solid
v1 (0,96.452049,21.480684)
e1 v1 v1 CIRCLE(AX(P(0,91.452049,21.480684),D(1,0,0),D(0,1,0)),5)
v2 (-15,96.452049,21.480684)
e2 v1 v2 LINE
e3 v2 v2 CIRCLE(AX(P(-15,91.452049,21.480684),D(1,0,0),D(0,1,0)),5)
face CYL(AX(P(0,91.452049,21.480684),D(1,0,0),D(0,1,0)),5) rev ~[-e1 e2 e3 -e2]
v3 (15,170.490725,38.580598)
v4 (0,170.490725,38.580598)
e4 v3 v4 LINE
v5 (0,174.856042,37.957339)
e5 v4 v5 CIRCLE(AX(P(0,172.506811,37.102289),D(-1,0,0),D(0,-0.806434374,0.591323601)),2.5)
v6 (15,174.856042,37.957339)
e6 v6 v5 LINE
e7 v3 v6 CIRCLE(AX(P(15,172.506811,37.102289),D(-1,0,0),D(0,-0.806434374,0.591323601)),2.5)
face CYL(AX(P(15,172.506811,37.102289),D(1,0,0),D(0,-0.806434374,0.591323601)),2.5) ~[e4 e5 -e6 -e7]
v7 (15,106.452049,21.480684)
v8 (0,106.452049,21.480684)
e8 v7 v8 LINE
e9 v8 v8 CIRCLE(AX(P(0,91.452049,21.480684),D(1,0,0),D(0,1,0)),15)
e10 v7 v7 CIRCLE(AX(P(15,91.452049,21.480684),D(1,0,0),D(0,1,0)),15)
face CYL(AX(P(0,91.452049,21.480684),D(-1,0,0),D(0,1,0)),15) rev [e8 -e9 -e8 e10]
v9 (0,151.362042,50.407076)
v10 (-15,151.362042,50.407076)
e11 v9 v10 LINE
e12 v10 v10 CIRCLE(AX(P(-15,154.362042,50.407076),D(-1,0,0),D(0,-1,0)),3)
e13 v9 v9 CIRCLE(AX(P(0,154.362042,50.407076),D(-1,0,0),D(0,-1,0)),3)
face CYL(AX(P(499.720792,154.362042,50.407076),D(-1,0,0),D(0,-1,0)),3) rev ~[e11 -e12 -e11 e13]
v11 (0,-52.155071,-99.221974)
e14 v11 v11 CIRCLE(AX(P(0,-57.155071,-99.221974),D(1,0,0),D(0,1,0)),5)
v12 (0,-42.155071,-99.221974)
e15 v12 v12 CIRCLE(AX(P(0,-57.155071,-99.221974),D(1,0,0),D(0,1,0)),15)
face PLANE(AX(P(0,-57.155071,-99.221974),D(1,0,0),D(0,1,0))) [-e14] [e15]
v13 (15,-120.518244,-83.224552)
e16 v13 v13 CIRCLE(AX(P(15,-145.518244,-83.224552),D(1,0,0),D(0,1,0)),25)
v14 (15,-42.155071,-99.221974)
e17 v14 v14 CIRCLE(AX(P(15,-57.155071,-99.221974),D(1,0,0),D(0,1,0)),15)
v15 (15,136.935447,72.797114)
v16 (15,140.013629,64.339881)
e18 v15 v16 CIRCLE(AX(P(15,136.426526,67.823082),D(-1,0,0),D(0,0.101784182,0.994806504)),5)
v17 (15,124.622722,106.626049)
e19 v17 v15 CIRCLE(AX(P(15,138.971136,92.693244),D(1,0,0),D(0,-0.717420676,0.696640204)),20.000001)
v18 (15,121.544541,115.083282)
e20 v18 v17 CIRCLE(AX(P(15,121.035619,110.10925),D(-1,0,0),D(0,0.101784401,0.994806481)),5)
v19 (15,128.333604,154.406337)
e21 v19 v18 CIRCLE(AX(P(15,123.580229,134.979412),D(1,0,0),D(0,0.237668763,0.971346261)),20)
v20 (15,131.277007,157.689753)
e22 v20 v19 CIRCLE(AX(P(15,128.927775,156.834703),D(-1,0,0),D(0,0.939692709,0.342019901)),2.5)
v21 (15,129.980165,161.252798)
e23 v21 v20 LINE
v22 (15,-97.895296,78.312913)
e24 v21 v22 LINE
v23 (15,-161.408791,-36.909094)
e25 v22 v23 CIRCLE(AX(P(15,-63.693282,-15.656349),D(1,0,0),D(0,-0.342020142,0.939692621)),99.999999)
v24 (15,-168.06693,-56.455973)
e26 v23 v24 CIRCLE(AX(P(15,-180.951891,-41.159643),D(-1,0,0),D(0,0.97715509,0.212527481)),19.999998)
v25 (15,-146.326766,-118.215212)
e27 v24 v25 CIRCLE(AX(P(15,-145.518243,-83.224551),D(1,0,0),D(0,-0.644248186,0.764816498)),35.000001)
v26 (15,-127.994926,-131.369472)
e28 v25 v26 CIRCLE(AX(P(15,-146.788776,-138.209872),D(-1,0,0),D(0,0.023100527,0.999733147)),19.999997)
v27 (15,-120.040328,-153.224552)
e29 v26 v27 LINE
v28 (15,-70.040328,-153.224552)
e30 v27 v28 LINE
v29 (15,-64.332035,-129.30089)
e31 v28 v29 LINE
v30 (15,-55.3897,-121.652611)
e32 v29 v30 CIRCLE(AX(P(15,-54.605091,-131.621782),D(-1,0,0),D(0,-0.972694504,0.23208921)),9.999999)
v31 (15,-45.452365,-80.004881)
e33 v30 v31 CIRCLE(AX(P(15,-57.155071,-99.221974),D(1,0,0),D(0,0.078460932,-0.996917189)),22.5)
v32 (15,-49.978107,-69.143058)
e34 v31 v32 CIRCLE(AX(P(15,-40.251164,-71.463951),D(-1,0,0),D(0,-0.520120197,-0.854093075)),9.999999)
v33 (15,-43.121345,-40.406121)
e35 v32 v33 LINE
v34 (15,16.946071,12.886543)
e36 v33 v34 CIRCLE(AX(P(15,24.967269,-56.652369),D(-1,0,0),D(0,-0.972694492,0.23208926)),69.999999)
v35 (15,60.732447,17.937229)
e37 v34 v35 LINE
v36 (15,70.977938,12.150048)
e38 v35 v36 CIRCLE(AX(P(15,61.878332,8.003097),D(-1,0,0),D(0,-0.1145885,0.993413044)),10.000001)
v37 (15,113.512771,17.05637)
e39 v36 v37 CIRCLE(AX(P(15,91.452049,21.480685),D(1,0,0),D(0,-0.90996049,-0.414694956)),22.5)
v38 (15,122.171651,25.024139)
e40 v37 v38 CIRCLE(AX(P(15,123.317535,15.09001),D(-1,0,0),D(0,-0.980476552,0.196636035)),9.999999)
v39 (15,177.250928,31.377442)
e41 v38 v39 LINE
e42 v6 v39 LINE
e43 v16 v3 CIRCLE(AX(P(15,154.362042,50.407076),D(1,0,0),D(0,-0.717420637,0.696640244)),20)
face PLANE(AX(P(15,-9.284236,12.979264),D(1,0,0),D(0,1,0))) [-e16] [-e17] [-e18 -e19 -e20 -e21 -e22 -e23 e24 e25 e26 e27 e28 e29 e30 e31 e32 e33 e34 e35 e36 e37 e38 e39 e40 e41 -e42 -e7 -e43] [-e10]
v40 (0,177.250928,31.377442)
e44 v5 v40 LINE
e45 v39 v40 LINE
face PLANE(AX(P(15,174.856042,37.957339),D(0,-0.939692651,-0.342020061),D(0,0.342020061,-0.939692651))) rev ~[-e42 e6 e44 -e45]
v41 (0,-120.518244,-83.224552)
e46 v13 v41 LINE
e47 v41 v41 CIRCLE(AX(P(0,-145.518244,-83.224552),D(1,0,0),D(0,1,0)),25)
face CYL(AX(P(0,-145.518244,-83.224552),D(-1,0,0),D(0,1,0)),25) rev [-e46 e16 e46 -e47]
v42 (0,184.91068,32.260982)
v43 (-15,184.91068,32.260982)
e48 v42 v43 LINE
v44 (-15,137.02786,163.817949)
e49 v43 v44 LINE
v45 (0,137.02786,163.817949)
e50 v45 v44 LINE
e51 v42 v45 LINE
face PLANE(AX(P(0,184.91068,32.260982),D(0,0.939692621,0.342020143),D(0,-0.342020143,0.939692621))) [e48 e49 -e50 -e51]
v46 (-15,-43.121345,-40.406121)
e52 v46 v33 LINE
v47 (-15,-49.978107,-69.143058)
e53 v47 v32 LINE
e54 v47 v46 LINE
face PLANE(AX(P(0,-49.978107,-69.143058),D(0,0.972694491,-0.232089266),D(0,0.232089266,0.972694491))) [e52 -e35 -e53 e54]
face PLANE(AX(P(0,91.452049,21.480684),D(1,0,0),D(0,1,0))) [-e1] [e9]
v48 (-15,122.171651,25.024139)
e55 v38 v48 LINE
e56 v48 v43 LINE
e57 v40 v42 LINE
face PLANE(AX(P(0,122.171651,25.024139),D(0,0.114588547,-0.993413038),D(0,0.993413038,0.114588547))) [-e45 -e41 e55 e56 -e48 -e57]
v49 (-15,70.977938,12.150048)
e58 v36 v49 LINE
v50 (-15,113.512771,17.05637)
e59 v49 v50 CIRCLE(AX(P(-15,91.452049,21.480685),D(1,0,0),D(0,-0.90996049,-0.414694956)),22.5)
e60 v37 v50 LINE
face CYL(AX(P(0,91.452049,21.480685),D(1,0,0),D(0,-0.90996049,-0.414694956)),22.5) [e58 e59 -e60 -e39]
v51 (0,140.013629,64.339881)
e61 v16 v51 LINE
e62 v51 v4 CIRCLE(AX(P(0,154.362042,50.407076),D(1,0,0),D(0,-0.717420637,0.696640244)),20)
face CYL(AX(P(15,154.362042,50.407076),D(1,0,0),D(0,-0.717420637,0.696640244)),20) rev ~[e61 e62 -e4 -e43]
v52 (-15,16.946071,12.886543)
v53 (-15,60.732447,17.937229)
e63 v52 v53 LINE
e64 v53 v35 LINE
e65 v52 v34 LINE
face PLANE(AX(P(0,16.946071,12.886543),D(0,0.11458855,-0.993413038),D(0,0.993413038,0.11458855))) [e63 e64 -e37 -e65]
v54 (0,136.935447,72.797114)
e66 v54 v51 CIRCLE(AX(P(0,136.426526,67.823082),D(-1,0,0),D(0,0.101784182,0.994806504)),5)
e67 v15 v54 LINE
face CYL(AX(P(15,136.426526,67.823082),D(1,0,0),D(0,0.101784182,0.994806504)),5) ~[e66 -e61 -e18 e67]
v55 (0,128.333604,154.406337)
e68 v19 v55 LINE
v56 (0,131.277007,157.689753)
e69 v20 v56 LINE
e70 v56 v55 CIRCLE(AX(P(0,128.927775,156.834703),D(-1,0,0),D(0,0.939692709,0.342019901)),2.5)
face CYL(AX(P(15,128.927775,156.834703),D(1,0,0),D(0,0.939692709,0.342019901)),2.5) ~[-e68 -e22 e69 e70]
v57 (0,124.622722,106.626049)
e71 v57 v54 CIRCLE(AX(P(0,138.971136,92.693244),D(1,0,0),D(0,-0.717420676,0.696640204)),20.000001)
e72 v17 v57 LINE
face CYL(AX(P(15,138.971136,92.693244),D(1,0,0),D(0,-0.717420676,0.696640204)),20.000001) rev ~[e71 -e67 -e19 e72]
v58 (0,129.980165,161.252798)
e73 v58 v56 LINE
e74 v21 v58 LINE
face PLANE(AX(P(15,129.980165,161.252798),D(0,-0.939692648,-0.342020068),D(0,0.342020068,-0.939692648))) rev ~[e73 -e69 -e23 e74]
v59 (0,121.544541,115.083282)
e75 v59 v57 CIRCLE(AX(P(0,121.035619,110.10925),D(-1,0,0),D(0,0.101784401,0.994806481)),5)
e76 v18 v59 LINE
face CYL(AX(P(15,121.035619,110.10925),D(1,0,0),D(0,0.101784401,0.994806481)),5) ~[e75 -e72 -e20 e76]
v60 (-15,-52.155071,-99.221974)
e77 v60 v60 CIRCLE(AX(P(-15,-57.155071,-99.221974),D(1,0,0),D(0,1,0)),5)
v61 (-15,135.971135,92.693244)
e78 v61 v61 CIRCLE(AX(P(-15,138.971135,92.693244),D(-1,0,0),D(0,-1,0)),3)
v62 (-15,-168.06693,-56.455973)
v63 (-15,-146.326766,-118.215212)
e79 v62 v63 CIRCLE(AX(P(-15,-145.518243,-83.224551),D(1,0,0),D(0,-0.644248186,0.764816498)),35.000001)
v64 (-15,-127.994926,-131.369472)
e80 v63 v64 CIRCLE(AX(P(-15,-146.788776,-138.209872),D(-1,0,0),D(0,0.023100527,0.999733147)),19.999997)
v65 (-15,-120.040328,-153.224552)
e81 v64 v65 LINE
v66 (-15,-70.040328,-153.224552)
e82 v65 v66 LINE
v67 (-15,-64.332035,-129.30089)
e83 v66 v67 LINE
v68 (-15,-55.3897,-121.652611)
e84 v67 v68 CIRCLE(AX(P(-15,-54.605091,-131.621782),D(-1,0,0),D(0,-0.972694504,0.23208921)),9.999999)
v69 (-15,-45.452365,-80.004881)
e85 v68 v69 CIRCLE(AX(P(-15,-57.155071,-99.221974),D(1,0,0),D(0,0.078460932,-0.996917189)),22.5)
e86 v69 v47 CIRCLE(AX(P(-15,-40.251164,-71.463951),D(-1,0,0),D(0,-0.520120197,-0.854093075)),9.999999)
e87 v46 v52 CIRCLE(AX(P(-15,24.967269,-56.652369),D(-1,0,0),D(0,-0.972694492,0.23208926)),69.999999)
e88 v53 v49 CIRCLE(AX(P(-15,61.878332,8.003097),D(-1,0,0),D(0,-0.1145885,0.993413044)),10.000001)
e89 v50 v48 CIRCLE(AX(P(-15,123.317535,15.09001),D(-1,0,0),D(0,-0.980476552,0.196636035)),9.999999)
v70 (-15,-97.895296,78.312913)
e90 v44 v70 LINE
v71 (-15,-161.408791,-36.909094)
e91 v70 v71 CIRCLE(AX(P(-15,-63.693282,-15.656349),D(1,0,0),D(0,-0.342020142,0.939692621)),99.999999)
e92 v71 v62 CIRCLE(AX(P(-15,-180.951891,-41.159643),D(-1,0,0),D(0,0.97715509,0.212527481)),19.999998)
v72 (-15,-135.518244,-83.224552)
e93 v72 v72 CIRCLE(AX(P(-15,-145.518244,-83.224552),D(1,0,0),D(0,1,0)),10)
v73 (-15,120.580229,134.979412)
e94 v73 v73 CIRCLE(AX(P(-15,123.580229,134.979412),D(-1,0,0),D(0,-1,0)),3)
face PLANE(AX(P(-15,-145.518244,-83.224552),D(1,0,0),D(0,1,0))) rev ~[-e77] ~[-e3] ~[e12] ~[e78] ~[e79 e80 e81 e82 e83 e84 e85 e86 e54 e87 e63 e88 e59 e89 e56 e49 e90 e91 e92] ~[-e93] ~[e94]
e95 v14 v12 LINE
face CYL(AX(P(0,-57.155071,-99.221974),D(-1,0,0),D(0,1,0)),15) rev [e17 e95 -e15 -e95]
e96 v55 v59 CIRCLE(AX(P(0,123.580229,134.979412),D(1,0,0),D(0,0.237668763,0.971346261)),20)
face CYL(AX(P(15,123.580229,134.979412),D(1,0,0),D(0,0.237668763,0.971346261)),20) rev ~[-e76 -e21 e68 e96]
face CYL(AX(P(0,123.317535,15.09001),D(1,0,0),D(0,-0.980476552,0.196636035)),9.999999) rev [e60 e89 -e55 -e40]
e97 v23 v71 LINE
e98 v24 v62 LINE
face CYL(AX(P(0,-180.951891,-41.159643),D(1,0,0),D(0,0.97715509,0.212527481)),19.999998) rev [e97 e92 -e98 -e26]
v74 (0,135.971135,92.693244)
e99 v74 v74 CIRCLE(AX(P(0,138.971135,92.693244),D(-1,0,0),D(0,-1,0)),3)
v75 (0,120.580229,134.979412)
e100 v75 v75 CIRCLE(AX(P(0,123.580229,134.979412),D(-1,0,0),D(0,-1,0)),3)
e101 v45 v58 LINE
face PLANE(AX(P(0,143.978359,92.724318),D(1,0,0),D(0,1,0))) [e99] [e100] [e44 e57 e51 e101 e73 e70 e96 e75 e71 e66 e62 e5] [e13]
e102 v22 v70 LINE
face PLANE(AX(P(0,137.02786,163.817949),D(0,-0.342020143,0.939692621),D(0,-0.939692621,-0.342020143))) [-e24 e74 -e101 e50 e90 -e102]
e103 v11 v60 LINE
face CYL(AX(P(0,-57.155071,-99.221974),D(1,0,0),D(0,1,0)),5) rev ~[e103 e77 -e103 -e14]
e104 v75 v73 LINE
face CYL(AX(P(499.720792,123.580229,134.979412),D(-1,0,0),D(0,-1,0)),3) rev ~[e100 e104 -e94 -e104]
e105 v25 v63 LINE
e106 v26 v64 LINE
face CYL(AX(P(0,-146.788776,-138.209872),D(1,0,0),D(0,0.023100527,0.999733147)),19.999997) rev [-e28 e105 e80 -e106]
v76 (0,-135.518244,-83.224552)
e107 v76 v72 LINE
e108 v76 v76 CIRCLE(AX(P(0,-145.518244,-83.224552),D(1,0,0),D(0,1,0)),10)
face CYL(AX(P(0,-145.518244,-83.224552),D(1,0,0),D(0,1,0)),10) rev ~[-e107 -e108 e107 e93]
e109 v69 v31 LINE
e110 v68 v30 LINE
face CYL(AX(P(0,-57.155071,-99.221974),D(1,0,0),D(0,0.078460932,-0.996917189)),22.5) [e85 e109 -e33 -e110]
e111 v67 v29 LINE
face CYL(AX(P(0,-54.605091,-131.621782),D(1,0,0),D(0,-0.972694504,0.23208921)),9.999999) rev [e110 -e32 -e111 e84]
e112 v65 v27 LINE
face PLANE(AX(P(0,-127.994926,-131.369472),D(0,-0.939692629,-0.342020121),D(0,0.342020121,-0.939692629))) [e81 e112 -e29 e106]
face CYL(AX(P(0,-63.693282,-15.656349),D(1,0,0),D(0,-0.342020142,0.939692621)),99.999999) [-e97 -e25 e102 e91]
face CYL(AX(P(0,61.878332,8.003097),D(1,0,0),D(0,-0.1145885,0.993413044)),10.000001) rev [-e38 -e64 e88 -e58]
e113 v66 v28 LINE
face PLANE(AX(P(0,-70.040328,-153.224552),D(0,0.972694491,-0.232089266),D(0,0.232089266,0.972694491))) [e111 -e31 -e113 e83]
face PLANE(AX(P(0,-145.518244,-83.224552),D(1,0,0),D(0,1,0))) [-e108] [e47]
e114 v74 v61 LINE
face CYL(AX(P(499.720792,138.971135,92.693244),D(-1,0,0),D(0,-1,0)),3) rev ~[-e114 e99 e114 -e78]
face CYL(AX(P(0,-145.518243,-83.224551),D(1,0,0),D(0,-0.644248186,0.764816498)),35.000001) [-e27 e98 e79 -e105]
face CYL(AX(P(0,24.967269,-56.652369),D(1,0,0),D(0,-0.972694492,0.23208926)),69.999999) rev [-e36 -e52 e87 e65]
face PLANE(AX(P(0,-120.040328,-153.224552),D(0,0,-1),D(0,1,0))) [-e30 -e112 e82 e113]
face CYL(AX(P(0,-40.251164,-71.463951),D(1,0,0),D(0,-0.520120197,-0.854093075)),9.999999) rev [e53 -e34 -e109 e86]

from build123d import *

# Parameters (mm, degrees)
F0_R     = 25
F0_R_2   = 15
F1_DEPTH = 15
F0_R_3   = 5
F2_DEPTH = 15
F0_R_4   = 10
F3_DEPTH = 15
F5_D     = 6
F6_DEPTH = 15


with BuildPart() as f1:
    # F0 (on Right) → F1 (new body, symmetric)
    with BuildSketch(Plane.YZ):
        with BuildLine():
            Line((-127.994926, -131.369472), (-120.040328, -153.224552))
            Line((-120.040328, -153.224552), (-70.040328, -153.224552))
            Line((-70.040328, -153.224552), (-64.332035, -129.30089))
            ThreePointArc((-64.332035, -129.30089), (-61.104878, -124.022259), (-55.3897, -121.652611))
            ThreePointArc((-55.3897, -121.652611), (-35.269445, -104.443983), (-45.452365, -80.004881))
            ThreePointArc((-45.452365, -80.004881), (-49.481937, -75.310092), (-49.978107, -69.143058))
            Line((-49.978107, -69.143058), (-43.121345, -40.406121))
            ThreePointArc((-43.121345, -40.406121), (-21.489193, -4.290197), (16.946071, 12.886543))
            Line((16.946071, 12.886543), (60.732447, 17.937229))
            ThreePointArc((60.732447, 17.937229), (66.796491, 16.710091), (70.977938, 12.150048))
            ThreePointArc((70.977938, 12.150048), (94.030291, -0.871109), (113.512771, 17.05637))
            ThreePointArc((113.512771, 17.05637), (116.546235, 22.448642), (122.171651, 25.024139))
            Line((122.171651, 25.024139), (184.91068, 32.260982))
            Line((184.91068, 32.260982), (137.02786, 163.817949))
            Line((137.02786, 163.817949), (-97.895296, 78.312913))
            ThreePointArc((-97.895296, 78.312913), (-151.269454, 32.618013), (-161.408791, -36.909094))
            ThreePointArc((-161.408791, -36.909094), (-162.020042, -47.608288), (-168.06693, -56.455973))
            ThreePointArc((-168.06693, -56.455973), (-178.532493, -94.846055), (-146.326766, -118.215212))
            ThreePointArc((-146.326766, -118.215212), (-135.128773, -121.960435), (-127.994926, -131.369472))
        make_face()
        with Locations((-145.518244, -83.224552)):
            Circle(F0_R, mode=Mode.SUBTRACT)
        with Locations((-57.155071, -99.221974)):
            Circle(F0_R_2, mode=Mode.SUBTRACT)
        with Locations((91.452049, 21.480684)):
            Circle(F0_R_2, mode=Mode.SUBTRACT)
    extrude(amount=F1_DEPTH, both=True)

    # F0 (on Right) → F2 (join)
    with BuildSketch(Plane.YZ):
        with Locations((91.452049, 21.480684)):
            Circle(F0_R_2)
        with Locations((91.452049, 21.480684)):
            Circle(F0_R_3, mode=Mode.SUBTRACT)
        with Locations((-57.155071, -99.221974)):
            Circle(F0_R_2)
        with Locations((-57.155071, -99.221974)):
            Circle(F0_R_3, mode=Mode.SUBTRACT)
    extrude(amount=-F2_DEPTH)

    # F0 (on Right) → F3 (join)
    with BuildSketch(Plane.YZ):
        with Locations((-145.518244, -83.224552)):
            Circle(F0_R)
        with Locations((-145.518244, -83.224552)):
            Circle(F0_R_4, mode=Mode.SUBTRACT)
    extrude(amount=-F3_DEPTH)

    # F5 (through all)
    with Locations(Plane.YZ.offset(15)):
        with Locations((123.580229, 134.979412), (138.971135, 92.693244), (154.362042, 50.407076)):
            Hole(F5_D / 2)

    # F4 (on face) → F6 (cut)
    with BuildSketch(Plane.YZ.offset(15)):
        with BuildLine():
            Line((137.02786, 163.817949), (129.980165, 161.252798))
            Line((129.980165, 161.252798), (131.277007, 157.689753))
            ThreePointArc((131.277007, 157.689753), (130.789297, 155.16595), (128.333604, 154.406337))
            ThreePointArc((128.333604, 154.406337), (103.871801, 138.38204), (121.544541, 115.083282))
            ThreePointArc((121.544541, 115.083282), (125.734082, 111.81935), (124.622722, 106.626049))
            ThreePointArc((124.622722, 106.626049), (120.177283, 85.852841), (136.935447, 72.797114))
            ThreePointArc((136.935447, 72.797114), (141.124989, 69.533182), (140.013629, 64.339881))
            ThreePointArc((140.013629, 64.339881), (141.451678, 35.132178), (170.490725, 38.580598))
            ThreePointArc((170.490725, 38.580598), (172.860165, 39.577191), (174.856042, 37.957339))
            Line((174.856042, 37.957339), (177.250928, 31.377442))
            Line((177.250928, 31.377442), (184.91068, 32.260982))
            Line((184.91068, 32.260982), (137.02786, 163.817949))
        make_face()
    extrude(amount=-F6_DEPTH, mode=Mode.SUBTRACT)


solid = f1.part
